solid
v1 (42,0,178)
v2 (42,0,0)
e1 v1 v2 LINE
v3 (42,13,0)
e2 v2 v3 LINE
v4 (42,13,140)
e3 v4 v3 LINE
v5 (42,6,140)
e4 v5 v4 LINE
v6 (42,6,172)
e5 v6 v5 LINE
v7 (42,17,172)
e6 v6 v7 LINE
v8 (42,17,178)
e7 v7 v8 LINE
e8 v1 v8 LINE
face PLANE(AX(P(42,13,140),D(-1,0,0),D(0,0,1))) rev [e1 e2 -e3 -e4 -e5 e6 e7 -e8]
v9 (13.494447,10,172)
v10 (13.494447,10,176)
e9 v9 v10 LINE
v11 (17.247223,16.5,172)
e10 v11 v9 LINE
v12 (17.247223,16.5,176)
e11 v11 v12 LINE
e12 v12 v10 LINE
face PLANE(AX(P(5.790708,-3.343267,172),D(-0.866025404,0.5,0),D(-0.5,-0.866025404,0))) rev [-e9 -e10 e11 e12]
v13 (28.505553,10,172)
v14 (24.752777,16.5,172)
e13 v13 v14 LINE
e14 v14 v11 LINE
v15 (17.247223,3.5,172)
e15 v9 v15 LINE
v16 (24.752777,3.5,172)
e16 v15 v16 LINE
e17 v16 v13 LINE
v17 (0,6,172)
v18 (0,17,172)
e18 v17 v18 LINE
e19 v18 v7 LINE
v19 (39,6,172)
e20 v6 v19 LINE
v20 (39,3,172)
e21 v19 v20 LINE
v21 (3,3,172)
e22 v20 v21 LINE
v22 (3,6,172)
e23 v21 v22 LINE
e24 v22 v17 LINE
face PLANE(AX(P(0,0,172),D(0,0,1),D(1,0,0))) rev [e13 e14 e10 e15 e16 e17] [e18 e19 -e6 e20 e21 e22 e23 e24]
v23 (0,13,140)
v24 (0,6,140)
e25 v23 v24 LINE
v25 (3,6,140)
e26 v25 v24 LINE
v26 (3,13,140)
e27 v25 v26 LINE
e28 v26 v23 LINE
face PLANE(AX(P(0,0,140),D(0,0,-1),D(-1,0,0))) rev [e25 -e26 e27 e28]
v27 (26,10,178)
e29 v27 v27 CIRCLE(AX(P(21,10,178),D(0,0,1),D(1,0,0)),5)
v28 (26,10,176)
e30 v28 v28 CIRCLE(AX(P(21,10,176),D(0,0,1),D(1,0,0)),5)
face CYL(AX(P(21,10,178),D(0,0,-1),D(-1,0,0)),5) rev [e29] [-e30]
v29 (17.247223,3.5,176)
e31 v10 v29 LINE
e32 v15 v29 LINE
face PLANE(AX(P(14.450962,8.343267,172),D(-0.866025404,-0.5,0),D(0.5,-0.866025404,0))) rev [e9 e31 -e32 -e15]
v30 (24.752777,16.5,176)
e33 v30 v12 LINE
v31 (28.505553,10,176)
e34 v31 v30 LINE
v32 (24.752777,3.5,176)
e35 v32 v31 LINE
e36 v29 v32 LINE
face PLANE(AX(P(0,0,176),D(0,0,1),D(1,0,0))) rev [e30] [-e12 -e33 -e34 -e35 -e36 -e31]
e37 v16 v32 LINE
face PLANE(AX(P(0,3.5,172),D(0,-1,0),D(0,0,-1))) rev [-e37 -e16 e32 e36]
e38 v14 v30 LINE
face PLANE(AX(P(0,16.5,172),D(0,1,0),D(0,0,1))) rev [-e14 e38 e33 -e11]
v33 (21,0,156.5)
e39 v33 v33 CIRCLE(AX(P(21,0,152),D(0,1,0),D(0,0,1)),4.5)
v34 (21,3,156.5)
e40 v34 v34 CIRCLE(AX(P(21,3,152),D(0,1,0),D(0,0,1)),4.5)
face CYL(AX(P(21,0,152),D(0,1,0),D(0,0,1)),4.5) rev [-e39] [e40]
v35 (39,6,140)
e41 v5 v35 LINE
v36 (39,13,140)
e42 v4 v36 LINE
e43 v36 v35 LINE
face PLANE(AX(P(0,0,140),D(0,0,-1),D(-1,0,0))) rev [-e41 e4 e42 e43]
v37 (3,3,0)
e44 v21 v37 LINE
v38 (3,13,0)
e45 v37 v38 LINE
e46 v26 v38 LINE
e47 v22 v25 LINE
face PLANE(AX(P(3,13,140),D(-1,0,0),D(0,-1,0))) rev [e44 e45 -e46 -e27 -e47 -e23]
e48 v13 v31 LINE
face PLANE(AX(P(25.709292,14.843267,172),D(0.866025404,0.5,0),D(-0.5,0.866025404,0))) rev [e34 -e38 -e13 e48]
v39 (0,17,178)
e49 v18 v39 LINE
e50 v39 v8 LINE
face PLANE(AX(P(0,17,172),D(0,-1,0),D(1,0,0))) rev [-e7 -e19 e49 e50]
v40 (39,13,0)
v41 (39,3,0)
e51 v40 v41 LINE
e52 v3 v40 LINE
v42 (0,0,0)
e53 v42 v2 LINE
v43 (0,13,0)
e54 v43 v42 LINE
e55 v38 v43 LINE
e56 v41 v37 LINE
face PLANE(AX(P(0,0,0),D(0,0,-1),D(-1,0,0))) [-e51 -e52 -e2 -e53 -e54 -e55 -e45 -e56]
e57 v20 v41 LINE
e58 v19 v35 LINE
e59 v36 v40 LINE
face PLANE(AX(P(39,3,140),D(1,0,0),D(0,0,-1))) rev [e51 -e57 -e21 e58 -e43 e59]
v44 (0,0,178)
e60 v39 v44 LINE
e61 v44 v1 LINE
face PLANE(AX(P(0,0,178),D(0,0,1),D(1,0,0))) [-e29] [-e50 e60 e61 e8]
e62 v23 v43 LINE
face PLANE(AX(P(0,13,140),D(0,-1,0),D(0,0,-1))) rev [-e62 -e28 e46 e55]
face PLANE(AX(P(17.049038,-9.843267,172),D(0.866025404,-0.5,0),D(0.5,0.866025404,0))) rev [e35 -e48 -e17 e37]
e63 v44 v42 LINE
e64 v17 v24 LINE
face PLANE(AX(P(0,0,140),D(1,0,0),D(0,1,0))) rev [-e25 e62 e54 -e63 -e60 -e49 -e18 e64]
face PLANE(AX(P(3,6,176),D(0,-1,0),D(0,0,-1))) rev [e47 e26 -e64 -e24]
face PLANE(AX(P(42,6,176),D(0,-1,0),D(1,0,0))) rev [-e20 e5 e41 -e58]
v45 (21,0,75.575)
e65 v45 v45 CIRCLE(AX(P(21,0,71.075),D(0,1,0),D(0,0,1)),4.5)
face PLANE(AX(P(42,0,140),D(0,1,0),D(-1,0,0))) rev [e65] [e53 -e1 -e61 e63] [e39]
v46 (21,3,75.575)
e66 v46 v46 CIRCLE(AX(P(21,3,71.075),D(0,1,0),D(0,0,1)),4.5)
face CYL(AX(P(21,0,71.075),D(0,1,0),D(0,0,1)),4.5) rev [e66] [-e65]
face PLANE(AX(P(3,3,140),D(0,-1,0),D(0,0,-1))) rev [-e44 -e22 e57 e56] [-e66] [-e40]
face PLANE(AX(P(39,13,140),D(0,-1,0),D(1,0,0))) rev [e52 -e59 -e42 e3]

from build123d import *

# Parameters (mm, degrees)
BOSS_EXTRUDE1_DEPTH = 140
BOSS_EXTRUDE2_DEPTH = 36
BOSS_EXTRUDE3_DEPTH = 4
SKETCH3_3_W         = 42
SKETCH3_3_H         = 17
SKETCH3_3_R         = 5
BOSS_EXTRUDE4_DEPTH = 2
SKETCH4_R           = 4.5
CUT_EXTRUDE1_DEPTH  = 184.423008371


with BuildPart() as part:
    # Sketch1 → Boss-Extrude1 (new body)
    with BuildSketch(Plane.XY):
        Polygon((0, 0), (0, 13), (3, 13), (3, 3), (39, 3), (39, 13), (42, 13), (42, 0), align=None)
    extrude(amount=BOSS_EXTRUDE1_DEPTH)

    # Sketch2 → Boss-Extrude2 (add)
    with BuildSketch(Plane.XY.offset(140)):
        Polygon((0, 0), (42, 0), (42, 6), (39, 6), (39, 3), (3, 3), (3, 6), (0, 6), align=None)
    extrude(amount=BOSS_EXTRUDE2_DEPTH)

    # Sketch3 → Boss-Extrude3 (add)
    with BuildSketch(Plane.XY.offset(176)):
        Polygon((0, 17), (0, 6), (3, 6), (3, 3), (39, 3), (39, 6), (42, 6), (42, 17), align=None)
        Polygon((24.75277675, 16.5), (28.505553499, 10), (24.75277675, 3.5), (17.24722325, 3.5), (13.494446501, 10), (17.24722325, 16.5), align=None, mode=Mode.SUBTRACT)
    extrude(amount=-BOSS_EXTRUDE3_DEPTH)

    # Sketch3<3> → Boss-Extrude4 (add)
    with BuildSketch(Plane.XY.offset(176)):
        with Locations((21, 8.5)):
            Rectangle(SKETCH3_3_W, SKETCH3_3_H)
        with Locations((21, 10)):
            Circle(SKETCH3_3_R, mode=Mode.SUBTRACT)
    extrude(amount=BOSS_EXTRUDE4_DEPTH)

    # Sketch4 → Cut-Extrude1 (cut, through all)
    with BuildSketch(Plane(origin=(0, 3, 0), x_dir=(1, 0, 0), z_dir=(0, 1, 0))):
        with Locations((21, -152)):
            Circle(SKETCH4_R)
        with Locations((21, -71.075)):
            Circle(SKETCH4_R)
    extrude(amount=-CUT_EXTRUDE1_DEPTH, mode=Mode.SUBTRACT)


solid = part.part
